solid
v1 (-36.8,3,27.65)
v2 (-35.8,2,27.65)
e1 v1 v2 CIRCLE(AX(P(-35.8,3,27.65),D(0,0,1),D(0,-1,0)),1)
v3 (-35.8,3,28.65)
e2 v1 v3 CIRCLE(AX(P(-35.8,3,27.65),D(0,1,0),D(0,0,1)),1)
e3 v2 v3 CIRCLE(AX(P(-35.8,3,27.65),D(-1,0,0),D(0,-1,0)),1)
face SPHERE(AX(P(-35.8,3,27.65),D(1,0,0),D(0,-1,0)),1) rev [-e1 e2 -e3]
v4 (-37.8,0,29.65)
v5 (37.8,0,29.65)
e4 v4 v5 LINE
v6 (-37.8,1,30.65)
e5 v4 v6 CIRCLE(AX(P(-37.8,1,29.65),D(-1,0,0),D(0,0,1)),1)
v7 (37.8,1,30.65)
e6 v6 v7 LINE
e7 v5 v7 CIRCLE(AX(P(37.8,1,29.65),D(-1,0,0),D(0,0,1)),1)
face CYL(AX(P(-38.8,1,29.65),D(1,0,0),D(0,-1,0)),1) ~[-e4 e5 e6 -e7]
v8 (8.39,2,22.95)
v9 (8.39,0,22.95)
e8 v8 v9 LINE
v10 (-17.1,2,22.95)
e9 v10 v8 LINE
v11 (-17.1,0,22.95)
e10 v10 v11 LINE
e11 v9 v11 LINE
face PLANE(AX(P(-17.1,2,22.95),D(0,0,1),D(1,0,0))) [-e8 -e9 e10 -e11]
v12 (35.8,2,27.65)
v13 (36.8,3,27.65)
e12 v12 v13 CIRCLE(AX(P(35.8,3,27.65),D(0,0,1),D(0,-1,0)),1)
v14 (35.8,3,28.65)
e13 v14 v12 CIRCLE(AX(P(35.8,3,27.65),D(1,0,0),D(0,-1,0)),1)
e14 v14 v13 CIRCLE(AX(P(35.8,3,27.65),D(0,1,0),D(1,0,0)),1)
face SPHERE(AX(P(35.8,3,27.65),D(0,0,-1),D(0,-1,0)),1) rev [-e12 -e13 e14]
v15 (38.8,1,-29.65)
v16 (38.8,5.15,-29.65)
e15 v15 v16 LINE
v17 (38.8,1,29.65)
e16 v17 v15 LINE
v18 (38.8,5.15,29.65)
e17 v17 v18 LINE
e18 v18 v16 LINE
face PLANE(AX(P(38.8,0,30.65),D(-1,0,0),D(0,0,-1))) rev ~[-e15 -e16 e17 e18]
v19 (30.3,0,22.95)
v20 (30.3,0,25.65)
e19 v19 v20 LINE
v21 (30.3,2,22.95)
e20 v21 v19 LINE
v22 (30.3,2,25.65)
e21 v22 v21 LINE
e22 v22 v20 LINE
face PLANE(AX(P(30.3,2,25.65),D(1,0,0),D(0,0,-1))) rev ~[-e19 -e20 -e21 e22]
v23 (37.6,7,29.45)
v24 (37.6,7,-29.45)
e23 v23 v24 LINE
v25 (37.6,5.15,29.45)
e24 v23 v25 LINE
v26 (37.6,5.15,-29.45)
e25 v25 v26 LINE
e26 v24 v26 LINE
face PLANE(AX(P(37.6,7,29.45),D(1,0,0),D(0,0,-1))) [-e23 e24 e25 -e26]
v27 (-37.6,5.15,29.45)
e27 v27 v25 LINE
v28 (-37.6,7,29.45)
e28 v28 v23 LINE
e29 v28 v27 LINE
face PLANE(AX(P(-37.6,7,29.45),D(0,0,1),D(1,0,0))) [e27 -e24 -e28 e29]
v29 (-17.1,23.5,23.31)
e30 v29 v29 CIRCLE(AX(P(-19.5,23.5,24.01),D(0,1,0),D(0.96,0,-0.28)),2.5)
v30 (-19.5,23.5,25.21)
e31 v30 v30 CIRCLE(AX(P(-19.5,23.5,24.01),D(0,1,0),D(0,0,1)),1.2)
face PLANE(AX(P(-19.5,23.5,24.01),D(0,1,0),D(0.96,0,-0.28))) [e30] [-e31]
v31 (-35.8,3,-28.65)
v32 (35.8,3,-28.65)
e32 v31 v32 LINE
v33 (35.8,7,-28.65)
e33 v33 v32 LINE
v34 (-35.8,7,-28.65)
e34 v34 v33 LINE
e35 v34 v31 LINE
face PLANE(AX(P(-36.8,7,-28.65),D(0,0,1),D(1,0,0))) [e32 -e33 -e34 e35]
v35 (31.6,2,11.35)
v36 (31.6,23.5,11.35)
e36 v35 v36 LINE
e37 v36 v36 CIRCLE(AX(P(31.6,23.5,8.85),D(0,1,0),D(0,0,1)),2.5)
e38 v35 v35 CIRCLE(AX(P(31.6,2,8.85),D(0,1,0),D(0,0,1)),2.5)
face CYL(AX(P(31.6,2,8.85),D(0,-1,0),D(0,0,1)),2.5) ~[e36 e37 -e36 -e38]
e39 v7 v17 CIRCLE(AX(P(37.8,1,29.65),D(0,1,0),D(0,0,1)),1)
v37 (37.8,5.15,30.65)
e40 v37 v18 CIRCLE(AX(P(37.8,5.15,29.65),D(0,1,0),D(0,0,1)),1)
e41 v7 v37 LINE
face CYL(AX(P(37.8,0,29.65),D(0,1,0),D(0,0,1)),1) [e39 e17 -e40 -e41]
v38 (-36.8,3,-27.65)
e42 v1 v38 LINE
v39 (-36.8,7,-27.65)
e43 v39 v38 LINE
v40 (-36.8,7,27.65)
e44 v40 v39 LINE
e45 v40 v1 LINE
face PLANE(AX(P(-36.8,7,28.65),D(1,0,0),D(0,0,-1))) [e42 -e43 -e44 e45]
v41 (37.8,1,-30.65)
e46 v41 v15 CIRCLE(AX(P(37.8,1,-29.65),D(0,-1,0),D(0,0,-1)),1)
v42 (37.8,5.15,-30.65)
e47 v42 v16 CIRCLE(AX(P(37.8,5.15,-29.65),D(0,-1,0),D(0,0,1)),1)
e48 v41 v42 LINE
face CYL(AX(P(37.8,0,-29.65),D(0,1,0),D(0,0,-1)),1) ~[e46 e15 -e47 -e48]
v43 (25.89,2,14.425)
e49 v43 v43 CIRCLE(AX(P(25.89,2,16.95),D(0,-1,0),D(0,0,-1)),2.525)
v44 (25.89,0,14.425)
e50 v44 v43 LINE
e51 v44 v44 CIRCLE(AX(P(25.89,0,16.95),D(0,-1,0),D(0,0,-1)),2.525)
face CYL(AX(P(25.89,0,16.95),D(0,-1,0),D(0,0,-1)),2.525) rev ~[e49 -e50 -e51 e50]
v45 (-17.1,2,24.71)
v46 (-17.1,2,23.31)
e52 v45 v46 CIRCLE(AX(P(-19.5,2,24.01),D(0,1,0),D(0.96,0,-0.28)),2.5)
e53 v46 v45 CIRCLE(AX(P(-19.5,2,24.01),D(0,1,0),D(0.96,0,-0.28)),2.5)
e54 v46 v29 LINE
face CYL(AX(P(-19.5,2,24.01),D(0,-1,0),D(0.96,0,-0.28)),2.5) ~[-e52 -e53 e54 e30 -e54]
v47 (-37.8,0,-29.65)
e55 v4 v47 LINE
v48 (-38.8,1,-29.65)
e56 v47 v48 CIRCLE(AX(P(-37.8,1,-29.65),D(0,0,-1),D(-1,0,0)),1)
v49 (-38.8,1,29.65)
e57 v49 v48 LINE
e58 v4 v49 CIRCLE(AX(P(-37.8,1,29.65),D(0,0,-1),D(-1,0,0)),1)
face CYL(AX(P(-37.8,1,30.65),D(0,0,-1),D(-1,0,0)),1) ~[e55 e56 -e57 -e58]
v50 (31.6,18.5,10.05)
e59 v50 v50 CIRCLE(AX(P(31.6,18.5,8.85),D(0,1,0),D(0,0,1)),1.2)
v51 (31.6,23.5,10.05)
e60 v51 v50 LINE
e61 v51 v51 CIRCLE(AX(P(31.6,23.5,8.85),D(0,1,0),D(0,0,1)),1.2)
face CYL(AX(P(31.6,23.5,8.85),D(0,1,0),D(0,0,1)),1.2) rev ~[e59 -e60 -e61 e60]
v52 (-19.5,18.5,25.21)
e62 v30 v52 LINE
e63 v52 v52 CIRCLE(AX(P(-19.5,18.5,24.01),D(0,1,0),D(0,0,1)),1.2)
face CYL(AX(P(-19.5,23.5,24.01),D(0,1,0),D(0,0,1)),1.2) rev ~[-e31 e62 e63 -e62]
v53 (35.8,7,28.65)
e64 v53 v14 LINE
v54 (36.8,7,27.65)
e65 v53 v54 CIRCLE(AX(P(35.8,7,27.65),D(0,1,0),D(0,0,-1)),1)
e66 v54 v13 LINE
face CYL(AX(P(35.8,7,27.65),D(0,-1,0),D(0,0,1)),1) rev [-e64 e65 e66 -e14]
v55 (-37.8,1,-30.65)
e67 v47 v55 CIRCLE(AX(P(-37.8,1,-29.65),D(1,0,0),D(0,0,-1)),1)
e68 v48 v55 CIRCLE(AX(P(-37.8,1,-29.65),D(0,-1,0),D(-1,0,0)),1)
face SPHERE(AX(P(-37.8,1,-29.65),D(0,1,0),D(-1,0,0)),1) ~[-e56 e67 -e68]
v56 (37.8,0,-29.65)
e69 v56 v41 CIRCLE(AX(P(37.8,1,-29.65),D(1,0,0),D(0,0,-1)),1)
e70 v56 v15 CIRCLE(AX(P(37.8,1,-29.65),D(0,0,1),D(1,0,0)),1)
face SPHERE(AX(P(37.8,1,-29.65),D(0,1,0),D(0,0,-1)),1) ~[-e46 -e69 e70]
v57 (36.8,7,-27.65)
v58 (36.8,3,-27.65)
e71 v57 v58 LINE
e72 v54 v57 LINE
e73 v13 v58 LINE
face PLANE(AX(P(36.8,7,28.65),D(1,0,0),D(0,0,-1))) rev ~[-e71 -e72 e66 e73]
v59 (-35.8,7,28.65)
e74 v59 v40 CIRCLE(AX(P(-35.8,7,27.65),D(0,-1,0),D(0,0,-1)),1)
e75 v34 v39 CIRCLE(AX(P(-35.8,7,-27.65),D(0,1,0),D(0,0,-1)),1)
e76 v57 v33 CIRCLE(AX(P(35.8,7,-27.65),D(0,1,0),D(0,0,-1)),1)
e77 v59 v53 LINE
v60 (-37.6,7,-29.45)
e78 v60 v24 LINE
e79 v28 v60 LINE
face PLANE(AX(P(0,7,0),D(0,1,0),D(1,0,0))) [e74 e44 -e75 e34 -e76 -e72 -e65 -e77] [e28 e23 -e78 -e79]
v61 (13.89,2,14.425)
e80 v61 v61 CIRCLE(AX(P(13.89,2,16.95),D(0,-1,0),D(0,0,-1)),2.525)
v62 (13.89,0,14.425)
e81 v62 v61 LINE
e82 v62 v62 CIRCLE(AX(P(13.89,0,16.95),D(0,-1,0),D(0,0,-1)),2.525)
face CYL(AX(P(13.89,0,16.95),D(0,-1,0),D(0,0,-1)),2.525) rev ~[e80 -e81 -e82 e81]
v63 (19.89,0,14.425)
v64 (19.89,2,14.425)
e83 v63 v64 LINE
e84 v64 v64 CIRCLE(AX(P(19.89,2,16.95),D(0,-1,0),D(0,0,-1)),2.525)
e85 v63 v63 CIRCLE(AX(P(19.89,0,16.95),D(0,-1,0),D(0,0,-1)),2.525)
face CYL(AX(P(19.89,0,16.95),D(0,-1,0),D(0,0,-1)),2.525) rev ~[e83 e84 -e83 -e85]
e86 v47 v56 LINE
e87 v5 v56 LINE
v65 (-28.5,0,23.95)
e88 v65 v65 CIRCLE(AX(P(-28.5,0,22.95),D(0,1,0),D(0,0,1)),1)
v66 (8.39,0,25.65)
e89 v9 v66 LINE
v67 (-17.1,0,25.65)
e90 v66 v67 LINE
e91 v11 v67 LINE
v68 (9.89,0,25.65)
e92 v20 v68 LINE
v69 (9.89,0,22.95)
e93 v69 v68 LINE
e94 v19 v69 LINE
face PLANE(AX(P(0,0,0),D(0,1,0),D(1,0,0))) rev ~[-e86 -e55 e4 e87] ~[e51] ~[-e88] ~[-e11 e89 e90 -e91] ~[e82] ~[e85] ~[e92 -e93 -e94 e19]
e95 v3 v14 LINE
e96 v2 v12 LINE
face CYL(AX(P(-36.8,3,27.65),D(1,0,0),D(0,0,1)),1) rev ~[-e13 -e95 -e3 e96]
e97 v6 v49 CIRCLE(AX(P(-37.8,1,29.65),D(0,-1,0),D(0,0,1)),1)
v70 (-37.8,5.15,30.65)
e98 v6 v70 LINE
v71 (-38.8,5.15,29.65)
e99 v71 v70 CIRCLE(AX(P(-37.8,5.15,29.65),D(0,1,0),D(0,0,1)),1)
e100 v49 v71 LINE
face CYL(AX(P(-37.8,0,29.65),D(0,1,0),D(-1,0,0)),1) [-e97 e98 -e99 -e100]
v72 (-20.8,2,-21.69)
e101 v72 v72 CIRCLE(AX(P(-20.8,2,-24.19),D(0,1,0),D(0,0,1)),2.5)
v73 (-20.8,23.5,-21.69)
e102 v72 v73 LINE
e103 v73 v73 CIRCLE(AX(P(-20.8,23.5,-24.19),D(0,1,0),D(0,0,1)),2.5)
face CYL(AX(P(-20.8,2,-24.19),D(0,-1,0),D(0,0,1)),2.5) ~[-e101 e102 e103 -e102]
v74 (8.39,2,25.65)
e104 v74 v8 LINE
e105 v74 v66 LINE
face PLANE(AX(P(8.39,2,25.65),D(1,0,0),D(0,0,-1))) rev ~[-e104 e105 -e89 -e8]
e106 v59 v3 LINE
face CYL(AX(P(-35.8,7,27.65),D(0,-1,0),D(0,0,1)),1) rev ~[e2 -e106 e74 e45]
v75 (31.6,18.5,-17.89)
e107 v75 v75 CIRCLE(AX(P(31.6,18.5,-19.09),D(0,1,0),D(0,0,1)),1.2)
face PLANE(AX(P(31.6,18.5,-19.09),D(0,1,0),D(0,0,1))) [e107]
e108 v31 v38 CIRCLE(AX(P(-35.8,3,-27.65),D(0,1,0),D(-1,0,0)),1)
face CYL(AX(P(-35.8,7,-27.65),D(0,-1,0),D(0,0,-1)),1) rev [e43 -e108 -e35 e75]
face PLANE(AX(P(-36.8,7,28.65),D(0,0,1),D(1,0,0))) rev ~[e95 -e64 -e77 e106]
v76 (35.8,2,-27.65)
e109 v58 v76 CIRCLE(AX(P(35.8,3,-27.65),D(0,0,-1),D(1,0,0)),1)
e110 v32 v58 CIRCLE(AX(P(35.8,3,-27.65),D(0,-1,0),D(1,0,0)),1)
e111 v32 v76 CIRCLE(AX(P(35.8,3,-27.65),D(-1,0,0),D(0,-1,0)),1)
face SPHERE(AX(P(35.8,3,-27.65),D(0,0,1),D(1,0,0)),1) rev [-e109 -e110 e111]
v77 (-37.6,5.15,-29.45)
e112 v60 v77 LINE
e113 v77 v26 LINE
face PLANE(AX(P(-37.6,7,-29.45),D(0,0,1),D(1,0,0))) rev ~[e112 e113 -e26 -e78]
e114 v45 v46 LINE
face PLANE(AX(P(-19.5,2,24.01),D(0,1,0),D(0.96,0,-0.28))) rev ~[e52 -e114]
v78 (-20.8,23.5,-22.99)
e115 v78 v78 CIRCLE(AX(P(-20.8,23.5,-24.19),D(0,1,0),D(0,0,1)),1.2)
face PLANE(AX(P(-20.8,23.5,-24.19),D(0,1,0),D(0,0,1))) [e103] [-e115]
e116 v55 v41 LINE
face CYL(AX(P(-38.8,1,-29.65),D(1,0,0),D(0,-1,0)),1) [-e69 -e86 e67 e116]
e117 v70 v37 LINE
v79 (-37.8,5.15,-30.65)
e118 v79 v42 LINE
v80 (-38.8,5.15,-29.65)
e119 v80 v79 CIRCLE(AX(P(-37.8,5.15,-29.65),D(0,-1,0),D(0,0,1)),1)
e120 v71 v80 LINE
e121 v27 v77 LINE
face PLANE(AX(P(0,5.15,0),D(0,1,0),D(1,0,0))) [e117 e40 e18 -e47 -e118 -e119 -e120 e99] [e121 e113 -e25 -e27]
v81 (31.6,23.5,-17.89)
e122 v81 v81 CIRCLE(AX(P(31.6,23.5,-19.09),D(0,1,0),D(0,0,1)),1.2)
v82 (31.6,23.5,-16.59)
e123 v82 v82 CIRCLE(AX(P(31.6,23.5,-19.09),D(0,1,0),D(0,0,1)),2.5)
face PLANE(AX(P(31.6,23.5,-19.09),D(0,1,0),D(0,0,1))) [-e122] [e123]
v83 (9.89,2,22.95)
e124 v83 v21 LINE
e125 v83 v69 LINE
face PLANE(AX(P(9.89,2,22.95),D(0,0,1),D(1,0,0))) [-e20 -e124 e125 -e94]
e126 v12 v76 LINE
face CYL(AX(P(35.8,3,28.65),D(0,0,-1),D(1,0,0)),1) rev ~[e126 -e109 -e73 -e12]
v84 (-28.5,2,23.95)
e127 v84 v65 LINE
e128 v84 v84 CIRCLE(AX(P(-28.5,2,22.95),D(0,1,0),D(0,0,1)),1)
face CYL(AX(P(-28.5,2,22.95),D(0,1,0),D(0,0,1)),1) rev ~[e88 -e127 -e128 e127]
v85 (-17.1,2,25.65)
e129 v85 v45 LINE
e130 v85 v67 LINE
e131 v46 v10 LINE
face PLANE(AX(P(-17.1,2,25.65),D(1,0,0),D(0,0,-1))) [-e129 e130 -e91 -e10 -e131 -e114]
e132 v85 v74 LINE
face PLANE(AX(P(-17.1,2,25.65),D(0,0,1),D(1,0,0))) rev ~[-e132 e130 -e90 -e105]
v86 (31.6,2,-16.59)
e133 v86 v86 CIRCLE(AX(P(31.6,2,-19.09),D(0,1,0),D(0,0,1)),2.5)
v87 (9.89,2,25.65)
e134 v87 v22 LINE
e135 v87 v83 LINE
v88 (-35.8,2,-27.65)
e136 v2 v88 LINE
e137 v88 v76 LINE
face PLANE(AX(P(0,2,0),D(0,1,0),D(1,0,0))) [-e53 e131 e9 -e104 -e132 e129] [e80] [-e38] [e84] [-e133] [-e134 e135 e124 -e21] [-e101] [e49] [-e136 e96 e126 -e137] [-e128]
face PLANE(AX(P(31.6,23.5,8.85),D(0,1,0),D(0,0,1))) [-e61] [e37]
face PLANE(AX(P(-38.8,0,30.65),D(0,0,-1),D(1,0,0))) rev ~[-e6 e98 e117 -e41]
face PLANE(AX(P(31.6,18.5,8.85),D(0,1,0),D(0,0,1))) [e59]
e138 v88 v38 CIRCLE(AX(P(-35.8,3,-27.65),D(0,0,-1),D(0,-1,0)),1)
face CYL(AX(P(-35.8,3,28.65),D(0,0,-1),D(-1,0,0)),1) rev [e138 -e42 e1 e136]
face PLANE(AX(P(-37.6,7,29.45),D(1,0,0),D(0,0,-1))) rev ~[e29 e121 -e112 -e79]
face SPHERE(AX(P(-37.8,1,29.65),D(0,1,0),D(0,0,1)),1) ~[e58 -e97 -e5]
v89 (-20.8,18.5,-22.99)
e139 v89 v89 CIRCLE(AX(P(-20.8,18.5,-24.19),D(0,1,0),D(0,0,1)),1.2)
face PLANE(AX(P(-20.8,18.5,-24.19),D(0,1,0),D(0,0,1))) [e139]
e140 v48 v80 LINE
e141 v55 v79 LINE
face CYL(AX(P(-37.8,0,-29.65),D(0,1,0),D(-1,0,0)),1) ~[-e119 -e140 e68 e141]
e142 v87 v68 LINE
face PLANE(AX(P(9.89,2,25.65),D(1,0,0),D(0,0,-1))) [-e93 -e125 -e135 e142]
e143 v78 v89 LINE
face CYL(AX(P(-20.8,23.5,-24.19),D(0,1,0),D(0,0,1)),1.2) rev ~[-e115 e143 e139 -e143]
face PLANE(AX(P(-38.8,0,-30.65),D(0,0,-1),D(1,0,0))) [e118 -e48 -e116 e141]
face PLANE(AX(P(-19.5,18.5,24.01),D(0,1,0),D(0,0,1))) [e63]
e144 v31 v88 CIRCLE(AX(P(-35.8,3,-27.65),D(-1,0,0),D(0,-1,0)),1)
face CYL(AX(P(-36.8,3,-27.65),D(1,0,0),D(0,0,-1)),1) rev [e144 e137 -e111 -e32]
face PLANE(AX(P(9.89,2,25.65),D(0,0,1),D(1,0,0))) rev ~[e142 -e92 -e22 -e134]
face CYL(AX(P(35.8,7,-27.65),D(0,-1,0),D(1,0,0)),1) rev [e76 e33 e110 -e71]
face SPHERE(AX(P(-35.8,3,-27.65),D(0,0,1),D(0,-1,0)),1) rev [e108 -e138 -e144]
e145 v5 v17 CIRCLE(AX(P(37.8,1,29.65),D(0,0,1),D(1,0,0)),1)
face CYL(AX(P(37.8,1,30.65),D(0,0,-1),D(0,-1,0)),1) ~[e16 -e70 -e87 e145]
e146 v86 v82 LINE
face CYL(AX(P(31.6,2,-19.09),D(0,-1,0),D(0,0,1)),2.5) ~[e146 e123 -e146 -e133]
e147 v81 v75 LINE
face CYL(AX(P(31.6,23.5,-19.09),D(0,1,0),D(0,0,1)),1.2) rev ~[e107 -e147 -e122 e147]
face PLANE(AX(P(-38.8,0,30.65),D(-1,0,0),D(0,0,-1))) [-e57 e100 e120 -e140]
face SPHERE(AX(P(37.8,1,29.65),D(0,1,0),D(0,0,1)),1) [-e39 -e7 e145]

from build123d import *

# Parameters (mm, degrees)
SKETCH1_W               = 77.6
SKETCH1_H               = 61.3
BOSS_EXTRUDE1_DEPTH     = 7
SKETCH2_W               = 95.2
SKETCH2_H               = 78.9
SKETCH2_W_2             = 75.2
SKETCH2_H_2             = 58.9
CUT_EXTRUDE_THIN1_DEPTH = 1.85
SKETCH3_W               = 73.6
SKETCH3_H               = 57.3
CUT_EXTRUDE1_DEPTH      = 5
FILLET1_R               = 1
CUT_EXTRUDE3_REACH      = 51.698
SKETCH5_W               = 20.41
SKETCH5_H               = 2.7
SKETCH5_W_2             = 25.49
SKETCH6_R               = 2.5
BOSS_EXTRUDE2_DEPTH     = 21.5
SKETCH7_R               = 1.2
CUT_EXTRUDE4_DEPTH      = 5
CUT_EXTRUDE5_REACH      = 55.918
SKETCH8_R               = 1
SKETCH10_R              = 2.525
CUT_EXTRUDE6_DEPTH      = 2


with BuildPart() as part:
    # Sketch1 → Boss-Extrude1 (new body)
    with BuildSketch(Plane(origin=(0, 0, 0), x_dir=(1, 0, 0), z_dir=(0, 1, 0))):
        Rectangle(SKETCH1_W, SKETCH1_H)
    extrude(amount=BOSS_EXTRUDE1_DEPTH)

    # Sketch2 → Cut-Extrude-Thin1 (cut)
    with BuildSketch(Plane(origin=(0, 7, 0), x_dir=(1, 0, 0), z_dir=(0, 1, 0))):
        Rectangle(SKETCH2_W, SKETCH2_H)
        Rectangle(SKETCH2_W_2, SKETCH2_H_2, mode=Mode.SUBTRACT)
    extrude(amount=-CUT_EXTRUDE_THIN1_DEPTH, mode=Mode.SUBTRACT)

    # Sketch3 → Cut-Extrude1 (cut)
    with BuildSketch(Plane(origin=(0, 7, 0), x_dir=(1, 0, 0), z_dir=(0, 1, 0))):
        Rectangle(SKETCH3_W, SKETCH3_H)
    extrude(amount=-CUT_EXTRUDE1_DEPTH, mode=Mode.SUBTRACT)

    # Fillet1
    fillet1_edges = [part.edges().sort_by_distance(p)[0] for p in [
        (38.8, 2.575, 30.65),
        (-38.8, 2.575, 30.65),
        (-38.8, 2.575, -30.65),
        (38.8, 2.575, -30.65),
        (36.8, 2, 0),
        (36.8, 4.5, -28.65),
        (0, 2, 28.65),
        (36.8, 4.5, 28.65),
        (-36.8, 2, 0),
        (-36.8, 4.5, 28.65),
        (0, 2, -28.65),
        (-36.8, 4.5, -28.65),
        (0, 0, 30.65),
        (-38.8, 0, 0),
        (0, 0, -30.65),
        (38.8, 0, 0),
    ]]
    fillet(fillet1_edges, radius=FILLET1_R)

    # Sketch5 → Cut-Extrude3 (cut, up to next)
    with BuildSketch(Plane(origin=(0, 2, 0), x_dir=(1, 0, 0), z_dir=(0, 1, 0)), mode=Mode.PRIVATE) as cut_extrude3_sk1:
        with Locations((20.095, -24.3)):
            Rectangle(SKETCH5_W, SKETCH5_H)
    cut_extrude3_tool1 = extrude(cut_extrude3_sk1.sketch, amount=-CUT_EXTRUDE3_REACH, mode=Mode.PRIVATE) & part.part
    # Sketch5 → Cut-Extrude3 (cut, up to next)
    with BuildSketch(Plane(origin=(0, 2, 0), x_dir=(1, 0, 0), z_dir=(0, 1, 0)), mode=Mode.PRIVATE) as cut_extrude3_sk2:
        with Locations((-4.355, -24.3)):
            Rectangle(SKETCH5_W_2, SKETCH5_H)
    cut_extrude3_tool2 = extrude(cut_extrude3_sk2.sketch, amount=-CUT_EXTRUDE3_REACH, mode=Mode.PRIVATE) & part.part
    add(cut_extrude3_tool1.solids().sort_by_distance((20.095, 2, 24.3))[0], mode=Mode.SUBTRACT)
    add(cut_extrude3_tool2.solids().sort_by_distance((-4.355, 2, 24.3))[0], mode=Mode.SUBTRACT)

    # Sketch6 → Boss-Extrude2 (add)
    with BuildSketch(Plane(origin=(0, 2, 0), x_dir=(1, 0, 0), z_dir=(0, 1, 0))):
        with Locations(Location((31.6, 19.09, 0), (0, 0, 270))):
            Circle(SKETCH6_R)
        with Locations(Location((31.6, -8.85, 0), (0, 0, 270))):
            Circle(SKETCH6_R)
        with Locations(Location((-19.5, -24.01, 0), (0, 0, 16.260204708))):
            Circle(SKETCH6_R)
        with Locations(Location((-20.8, 24.19, 0), (0, 0, 270))):
            Circle(SKETCH6_R)
    extrude(amount=BOSS_EXTRUDE2_DEPTH)

    # Sketch7 → Cut-Extrude4 (cut)
    with BuildSketch(Plane(origin=(0, 23.5, 0), x_dir=(1, 0, 0), z_dir=(0, 1, 0))):
        with Locations(Location((31.6, 19.09, 0), (0, 0, 270))):
            Circle(SKETCH7_R)
        with Locations(Location((31.6, -8.85, 0), (0, 0, 270))):
            Circle(SKETCH7_R)
        with Locations(Location((-20.8, 24.19, 0), (0, 0, 270))):
            Circle(SKETCH7_R)
        with Locations(Location((-19.5, -24.01, 0), (0, 0, 270))):
            Circle(SKETCH7_R)
    extrude(amount=-CUT_EXTRUDE4_DEPTH, mode=Mode.SUBTRACT)

    # Sketch8 → Cut-Extrude5 (cut, up to next)
    with BuildSketch(Plane(origin=(0, 2, 0), x_dir=(1, 0, 0), z_dir=(0, 1, 0)), mode=Mode.PRIVATE) as cut_extrude5_sk1:
        with Locations(Location((-28.5, -22.95, 0), (0, 0, 270))):
            Circle(SKETCH8_R)
    cut_extrude5_tool1 = extrude(cut_extrude5_sk1.sketch, amount=-CUT_EXTRUDE5_REACH, mode=Mode.PRIVATE) & part.part
    add(cut_extrude5_tool1.solids().sort_by_distance((-28.5, 2, 22.95))[0], mode=Mode.SUBTRACT)

    # Sketch10 → Cut-Extrude6 (cut)
    with BuildSketch(Plane.XZ):
        with Locations(Location((13.89, 16.95, 0), (0, 0, 270))):
            Circle(SKETCH10_R)
        with Locations(Location((19.89, 16.95, 0), (0, 0, 270))):
            Circle(SKETCH10_R)
        with Locations(Location((25.89, 16.95, 0), (0, 0, 270))):
            Circle(SKETCH10_R)
    extrude(amount=-CUT_EXTRUDE6_DEPTH, mode=Mode.SUBTRACT)


solid = part.part
